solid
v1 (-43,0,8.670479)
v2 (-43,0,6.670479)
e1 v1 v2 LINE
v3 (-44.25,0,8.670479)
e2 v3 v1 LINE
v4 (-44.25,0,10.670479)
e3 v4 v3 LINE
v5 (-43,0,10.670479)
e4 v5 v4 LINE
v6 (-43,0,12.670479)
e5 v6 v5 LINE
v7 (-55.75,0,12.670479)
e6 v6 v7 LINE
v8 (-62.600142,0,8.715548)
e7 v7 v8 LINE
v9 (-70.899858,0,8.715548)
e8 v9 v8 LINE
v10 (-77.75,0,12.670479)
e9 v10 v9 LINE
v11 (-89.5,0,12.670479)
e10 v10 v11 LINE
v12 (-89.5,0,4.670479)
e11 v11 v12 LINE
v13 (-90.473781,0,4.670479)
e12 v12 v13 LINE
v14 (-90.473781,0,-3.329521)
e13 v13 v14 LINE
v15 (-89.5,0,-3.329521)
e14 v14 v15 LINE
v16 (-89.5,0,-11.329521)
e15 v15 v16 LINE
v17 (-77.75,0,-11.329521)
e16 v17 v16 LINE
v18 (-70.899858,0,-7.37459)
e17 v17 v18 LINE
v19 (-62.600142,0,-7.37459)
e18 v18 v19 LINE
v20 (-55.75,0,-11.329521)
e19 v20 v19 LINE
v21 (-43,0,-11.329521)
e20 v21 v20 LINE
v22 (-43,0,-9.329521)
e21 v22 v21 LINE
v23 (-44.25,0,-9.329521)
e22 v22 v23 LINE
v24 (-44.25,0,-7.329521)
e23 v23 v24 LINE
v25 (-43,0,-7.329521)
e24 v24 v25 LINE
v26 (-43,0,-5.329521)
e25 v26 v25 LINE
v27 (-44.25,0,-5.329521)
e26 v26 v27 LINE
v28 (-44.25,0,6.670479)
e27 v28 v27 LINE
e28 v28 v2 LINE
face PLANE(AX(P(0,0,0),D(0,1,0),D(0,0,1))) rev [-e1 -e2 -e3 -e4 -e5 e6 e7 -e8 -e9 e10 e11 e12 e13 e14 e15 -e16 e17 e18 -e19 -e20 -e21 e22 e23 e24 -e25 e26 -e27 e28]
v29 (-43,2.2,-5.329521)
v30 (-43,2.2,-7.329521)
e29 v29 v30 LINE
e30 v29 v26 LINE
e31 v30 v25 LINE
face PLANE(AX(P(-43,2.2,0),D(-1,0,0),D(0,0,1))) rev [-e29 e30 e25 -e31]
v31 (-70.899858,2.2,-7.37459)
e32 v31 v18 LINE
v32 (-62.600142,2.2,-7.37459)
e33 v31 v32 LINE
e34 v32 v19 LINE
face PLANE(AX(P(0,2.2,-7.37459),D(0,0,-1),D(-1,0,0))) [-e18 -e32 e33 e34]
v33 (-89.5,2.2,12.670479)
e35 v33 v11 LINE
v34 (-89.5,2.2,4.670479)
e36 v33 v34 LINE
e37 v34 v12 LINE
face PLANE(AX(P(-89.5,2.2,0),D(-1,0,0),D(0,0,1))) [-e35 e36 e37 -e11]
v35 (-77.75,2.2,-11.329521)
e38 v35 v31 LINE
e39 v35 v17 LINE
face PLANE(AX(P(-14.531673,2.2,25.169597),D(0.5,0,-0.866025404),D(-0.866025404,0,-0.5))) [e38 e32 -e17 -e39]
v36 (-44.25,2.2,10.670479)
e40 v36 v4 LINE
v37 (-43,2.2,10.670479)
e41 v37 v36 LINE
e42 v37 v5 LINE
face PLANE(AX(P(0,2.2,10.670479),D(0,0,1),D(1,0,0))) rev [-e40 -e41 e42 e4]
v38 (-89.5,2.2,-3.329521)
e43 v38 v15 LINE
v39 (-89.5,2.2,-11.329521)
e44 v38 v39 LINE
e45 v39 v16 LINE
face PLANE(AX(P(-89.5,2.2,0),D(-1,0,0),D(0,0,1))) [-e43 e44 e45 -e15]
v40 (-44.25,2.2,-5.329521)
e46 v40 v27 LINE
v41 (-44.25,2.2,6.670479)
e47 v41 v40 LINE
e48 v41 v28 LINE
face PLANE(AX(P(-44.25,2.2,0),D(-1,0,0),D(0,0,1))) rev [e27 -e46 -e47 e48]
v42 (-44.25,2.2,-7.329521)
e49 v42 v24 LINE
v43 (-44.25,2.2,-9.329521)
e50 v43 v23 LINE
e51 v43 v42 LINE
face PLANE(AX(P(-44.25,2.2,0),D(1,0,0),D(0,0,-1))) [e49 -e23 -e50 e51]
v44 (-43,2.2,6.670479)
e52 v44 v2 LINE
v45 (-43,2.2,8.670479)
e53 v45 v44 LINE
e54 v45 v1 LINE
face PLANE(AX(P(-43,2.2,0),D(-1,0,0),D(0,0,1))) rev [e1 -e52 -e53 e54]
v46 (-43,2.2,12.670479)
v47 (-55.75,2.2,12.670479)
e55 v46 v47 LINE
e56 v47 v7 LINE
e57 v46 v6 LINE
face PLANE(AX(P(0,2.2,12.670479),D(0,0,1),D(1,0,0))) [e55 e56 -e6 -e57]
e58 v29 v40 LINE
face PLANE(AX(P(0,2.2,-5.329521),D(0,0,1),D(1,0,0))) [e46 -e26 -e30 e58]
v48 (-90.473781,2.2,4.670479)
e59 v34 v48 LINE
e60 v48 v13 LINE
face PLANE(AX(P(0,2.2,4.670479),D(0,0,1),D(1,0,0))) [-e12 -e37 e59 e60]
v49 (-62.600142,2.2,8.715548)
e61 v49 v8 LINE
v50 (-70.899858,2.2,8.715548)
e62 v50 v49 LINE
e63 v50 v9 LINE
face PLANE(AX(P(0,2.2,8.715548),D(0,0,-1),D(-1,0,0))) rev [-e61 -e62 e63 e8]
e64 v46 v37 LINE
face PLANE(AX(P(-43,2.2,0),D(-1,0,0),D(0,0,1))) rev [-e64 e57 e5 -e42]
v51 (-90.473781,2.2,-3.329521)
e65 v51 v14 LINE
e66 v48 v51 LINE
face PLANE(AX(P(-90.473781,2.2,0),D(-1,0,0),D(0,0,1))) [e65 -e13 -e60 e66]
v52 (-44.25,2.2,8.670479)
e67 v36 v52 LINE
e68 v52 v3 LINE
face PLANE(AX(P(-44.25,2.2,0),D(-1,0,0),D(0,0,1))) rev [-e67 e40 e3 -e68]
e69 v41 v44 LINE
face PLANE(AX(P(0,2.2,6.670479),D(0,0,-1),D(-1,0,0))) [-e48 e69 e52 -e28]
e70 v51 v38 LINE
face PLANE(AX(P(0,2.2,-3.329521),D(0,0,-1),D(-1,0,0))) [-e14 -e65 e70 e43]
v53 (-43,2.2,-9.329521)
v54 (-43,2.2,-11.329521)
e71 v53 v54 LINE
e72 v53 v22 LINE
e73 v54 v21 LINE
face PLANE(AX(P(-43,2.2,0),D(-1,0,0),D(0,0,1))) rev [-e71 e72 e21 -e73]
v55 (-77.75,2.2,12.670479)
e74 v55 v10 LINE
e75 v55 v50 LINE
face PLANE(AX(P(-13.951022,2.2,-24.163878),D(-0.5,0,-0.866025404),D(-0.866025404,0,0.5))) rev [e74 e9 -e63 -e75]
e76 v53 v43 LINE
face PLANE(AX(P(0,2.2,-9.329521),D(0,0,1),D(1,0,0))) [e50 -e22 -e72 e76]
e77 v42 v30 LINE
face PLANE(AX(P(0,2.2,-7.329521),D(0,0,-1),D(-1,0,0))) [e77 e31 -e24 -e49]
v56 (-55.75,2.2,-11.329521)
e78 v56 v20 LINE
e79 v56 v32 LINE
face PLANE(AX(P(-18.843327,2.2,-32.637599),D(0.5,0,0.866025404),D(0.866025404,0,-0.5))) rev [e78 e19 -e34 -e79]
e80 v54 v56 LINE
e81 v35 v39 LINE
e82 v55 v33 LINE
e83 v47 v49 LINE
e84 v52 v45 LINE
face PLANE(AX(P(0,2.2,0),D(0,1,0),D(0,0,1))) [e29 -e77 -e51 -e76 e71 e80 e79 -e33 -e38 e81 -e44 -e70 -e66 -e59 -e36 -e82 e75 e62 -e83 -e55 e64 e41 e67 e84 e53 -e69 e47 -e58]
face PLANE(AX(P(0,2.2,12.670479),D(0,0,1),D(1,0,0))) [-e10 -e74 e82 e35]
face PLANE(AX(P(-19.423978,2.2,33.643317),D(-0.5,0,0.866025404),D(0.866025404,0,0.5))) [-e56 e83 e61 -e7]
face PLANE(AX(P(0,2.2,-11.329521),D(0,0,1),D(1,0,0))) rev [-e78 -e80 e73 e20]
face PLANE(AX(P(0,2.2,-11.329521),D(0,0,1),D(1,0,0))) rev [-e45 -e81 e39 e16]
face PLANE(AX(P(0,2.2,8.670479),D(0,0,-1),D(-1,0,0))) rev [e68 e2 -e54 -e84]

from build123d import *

# Parameters (mm, degrees)
BOSS_EXTRUDE1_DEPTH = 2.2


with BuildPart() as part:
    # Sketch1 → Boss-Extrude1 (new body)
    with BuildSketch(Plane(origin=(0, 0, 0), x_dir=(1, 0, 0), z_dir=(0, 1, 0))):
        Polygon((-43, 9.329521193), (-43, 11.329521193), (-55.75, 11.329521193), (-62.600141904, 7.374589921), (-70.899858096, 7.374589921), (-77.75, 11.329521193), (-89.5, 11.329521193), (-89.5, 3.329521193), (-90.473781123, 3.329521193), (-90.473781123, -4.670478807), (-89.5, -4.670478807), (-89.5, -12.670478807), (-77.75, -12.670478807), (-70.899858096, -8.715547535), (-62.600141904, -8.715547535), (-55.75, -12.670478807), (-43, -12.670478807), (-43, -10.670478807), (-44.25, -10.670478807), (-44.25, -8.670478807), (-43, -8.670478807), (-43, -6.670478807), (-44.25, -6.670478807), (-44.25, 5.329521193), (-43, 5.329521193), (-43, 7.329521193), (-44.25, 7.329521193), (-44.25, 9.329521193), align=None)
    extrude(amount=BOSS_EXTRUDE1_DEPTH)


solid = part.part
